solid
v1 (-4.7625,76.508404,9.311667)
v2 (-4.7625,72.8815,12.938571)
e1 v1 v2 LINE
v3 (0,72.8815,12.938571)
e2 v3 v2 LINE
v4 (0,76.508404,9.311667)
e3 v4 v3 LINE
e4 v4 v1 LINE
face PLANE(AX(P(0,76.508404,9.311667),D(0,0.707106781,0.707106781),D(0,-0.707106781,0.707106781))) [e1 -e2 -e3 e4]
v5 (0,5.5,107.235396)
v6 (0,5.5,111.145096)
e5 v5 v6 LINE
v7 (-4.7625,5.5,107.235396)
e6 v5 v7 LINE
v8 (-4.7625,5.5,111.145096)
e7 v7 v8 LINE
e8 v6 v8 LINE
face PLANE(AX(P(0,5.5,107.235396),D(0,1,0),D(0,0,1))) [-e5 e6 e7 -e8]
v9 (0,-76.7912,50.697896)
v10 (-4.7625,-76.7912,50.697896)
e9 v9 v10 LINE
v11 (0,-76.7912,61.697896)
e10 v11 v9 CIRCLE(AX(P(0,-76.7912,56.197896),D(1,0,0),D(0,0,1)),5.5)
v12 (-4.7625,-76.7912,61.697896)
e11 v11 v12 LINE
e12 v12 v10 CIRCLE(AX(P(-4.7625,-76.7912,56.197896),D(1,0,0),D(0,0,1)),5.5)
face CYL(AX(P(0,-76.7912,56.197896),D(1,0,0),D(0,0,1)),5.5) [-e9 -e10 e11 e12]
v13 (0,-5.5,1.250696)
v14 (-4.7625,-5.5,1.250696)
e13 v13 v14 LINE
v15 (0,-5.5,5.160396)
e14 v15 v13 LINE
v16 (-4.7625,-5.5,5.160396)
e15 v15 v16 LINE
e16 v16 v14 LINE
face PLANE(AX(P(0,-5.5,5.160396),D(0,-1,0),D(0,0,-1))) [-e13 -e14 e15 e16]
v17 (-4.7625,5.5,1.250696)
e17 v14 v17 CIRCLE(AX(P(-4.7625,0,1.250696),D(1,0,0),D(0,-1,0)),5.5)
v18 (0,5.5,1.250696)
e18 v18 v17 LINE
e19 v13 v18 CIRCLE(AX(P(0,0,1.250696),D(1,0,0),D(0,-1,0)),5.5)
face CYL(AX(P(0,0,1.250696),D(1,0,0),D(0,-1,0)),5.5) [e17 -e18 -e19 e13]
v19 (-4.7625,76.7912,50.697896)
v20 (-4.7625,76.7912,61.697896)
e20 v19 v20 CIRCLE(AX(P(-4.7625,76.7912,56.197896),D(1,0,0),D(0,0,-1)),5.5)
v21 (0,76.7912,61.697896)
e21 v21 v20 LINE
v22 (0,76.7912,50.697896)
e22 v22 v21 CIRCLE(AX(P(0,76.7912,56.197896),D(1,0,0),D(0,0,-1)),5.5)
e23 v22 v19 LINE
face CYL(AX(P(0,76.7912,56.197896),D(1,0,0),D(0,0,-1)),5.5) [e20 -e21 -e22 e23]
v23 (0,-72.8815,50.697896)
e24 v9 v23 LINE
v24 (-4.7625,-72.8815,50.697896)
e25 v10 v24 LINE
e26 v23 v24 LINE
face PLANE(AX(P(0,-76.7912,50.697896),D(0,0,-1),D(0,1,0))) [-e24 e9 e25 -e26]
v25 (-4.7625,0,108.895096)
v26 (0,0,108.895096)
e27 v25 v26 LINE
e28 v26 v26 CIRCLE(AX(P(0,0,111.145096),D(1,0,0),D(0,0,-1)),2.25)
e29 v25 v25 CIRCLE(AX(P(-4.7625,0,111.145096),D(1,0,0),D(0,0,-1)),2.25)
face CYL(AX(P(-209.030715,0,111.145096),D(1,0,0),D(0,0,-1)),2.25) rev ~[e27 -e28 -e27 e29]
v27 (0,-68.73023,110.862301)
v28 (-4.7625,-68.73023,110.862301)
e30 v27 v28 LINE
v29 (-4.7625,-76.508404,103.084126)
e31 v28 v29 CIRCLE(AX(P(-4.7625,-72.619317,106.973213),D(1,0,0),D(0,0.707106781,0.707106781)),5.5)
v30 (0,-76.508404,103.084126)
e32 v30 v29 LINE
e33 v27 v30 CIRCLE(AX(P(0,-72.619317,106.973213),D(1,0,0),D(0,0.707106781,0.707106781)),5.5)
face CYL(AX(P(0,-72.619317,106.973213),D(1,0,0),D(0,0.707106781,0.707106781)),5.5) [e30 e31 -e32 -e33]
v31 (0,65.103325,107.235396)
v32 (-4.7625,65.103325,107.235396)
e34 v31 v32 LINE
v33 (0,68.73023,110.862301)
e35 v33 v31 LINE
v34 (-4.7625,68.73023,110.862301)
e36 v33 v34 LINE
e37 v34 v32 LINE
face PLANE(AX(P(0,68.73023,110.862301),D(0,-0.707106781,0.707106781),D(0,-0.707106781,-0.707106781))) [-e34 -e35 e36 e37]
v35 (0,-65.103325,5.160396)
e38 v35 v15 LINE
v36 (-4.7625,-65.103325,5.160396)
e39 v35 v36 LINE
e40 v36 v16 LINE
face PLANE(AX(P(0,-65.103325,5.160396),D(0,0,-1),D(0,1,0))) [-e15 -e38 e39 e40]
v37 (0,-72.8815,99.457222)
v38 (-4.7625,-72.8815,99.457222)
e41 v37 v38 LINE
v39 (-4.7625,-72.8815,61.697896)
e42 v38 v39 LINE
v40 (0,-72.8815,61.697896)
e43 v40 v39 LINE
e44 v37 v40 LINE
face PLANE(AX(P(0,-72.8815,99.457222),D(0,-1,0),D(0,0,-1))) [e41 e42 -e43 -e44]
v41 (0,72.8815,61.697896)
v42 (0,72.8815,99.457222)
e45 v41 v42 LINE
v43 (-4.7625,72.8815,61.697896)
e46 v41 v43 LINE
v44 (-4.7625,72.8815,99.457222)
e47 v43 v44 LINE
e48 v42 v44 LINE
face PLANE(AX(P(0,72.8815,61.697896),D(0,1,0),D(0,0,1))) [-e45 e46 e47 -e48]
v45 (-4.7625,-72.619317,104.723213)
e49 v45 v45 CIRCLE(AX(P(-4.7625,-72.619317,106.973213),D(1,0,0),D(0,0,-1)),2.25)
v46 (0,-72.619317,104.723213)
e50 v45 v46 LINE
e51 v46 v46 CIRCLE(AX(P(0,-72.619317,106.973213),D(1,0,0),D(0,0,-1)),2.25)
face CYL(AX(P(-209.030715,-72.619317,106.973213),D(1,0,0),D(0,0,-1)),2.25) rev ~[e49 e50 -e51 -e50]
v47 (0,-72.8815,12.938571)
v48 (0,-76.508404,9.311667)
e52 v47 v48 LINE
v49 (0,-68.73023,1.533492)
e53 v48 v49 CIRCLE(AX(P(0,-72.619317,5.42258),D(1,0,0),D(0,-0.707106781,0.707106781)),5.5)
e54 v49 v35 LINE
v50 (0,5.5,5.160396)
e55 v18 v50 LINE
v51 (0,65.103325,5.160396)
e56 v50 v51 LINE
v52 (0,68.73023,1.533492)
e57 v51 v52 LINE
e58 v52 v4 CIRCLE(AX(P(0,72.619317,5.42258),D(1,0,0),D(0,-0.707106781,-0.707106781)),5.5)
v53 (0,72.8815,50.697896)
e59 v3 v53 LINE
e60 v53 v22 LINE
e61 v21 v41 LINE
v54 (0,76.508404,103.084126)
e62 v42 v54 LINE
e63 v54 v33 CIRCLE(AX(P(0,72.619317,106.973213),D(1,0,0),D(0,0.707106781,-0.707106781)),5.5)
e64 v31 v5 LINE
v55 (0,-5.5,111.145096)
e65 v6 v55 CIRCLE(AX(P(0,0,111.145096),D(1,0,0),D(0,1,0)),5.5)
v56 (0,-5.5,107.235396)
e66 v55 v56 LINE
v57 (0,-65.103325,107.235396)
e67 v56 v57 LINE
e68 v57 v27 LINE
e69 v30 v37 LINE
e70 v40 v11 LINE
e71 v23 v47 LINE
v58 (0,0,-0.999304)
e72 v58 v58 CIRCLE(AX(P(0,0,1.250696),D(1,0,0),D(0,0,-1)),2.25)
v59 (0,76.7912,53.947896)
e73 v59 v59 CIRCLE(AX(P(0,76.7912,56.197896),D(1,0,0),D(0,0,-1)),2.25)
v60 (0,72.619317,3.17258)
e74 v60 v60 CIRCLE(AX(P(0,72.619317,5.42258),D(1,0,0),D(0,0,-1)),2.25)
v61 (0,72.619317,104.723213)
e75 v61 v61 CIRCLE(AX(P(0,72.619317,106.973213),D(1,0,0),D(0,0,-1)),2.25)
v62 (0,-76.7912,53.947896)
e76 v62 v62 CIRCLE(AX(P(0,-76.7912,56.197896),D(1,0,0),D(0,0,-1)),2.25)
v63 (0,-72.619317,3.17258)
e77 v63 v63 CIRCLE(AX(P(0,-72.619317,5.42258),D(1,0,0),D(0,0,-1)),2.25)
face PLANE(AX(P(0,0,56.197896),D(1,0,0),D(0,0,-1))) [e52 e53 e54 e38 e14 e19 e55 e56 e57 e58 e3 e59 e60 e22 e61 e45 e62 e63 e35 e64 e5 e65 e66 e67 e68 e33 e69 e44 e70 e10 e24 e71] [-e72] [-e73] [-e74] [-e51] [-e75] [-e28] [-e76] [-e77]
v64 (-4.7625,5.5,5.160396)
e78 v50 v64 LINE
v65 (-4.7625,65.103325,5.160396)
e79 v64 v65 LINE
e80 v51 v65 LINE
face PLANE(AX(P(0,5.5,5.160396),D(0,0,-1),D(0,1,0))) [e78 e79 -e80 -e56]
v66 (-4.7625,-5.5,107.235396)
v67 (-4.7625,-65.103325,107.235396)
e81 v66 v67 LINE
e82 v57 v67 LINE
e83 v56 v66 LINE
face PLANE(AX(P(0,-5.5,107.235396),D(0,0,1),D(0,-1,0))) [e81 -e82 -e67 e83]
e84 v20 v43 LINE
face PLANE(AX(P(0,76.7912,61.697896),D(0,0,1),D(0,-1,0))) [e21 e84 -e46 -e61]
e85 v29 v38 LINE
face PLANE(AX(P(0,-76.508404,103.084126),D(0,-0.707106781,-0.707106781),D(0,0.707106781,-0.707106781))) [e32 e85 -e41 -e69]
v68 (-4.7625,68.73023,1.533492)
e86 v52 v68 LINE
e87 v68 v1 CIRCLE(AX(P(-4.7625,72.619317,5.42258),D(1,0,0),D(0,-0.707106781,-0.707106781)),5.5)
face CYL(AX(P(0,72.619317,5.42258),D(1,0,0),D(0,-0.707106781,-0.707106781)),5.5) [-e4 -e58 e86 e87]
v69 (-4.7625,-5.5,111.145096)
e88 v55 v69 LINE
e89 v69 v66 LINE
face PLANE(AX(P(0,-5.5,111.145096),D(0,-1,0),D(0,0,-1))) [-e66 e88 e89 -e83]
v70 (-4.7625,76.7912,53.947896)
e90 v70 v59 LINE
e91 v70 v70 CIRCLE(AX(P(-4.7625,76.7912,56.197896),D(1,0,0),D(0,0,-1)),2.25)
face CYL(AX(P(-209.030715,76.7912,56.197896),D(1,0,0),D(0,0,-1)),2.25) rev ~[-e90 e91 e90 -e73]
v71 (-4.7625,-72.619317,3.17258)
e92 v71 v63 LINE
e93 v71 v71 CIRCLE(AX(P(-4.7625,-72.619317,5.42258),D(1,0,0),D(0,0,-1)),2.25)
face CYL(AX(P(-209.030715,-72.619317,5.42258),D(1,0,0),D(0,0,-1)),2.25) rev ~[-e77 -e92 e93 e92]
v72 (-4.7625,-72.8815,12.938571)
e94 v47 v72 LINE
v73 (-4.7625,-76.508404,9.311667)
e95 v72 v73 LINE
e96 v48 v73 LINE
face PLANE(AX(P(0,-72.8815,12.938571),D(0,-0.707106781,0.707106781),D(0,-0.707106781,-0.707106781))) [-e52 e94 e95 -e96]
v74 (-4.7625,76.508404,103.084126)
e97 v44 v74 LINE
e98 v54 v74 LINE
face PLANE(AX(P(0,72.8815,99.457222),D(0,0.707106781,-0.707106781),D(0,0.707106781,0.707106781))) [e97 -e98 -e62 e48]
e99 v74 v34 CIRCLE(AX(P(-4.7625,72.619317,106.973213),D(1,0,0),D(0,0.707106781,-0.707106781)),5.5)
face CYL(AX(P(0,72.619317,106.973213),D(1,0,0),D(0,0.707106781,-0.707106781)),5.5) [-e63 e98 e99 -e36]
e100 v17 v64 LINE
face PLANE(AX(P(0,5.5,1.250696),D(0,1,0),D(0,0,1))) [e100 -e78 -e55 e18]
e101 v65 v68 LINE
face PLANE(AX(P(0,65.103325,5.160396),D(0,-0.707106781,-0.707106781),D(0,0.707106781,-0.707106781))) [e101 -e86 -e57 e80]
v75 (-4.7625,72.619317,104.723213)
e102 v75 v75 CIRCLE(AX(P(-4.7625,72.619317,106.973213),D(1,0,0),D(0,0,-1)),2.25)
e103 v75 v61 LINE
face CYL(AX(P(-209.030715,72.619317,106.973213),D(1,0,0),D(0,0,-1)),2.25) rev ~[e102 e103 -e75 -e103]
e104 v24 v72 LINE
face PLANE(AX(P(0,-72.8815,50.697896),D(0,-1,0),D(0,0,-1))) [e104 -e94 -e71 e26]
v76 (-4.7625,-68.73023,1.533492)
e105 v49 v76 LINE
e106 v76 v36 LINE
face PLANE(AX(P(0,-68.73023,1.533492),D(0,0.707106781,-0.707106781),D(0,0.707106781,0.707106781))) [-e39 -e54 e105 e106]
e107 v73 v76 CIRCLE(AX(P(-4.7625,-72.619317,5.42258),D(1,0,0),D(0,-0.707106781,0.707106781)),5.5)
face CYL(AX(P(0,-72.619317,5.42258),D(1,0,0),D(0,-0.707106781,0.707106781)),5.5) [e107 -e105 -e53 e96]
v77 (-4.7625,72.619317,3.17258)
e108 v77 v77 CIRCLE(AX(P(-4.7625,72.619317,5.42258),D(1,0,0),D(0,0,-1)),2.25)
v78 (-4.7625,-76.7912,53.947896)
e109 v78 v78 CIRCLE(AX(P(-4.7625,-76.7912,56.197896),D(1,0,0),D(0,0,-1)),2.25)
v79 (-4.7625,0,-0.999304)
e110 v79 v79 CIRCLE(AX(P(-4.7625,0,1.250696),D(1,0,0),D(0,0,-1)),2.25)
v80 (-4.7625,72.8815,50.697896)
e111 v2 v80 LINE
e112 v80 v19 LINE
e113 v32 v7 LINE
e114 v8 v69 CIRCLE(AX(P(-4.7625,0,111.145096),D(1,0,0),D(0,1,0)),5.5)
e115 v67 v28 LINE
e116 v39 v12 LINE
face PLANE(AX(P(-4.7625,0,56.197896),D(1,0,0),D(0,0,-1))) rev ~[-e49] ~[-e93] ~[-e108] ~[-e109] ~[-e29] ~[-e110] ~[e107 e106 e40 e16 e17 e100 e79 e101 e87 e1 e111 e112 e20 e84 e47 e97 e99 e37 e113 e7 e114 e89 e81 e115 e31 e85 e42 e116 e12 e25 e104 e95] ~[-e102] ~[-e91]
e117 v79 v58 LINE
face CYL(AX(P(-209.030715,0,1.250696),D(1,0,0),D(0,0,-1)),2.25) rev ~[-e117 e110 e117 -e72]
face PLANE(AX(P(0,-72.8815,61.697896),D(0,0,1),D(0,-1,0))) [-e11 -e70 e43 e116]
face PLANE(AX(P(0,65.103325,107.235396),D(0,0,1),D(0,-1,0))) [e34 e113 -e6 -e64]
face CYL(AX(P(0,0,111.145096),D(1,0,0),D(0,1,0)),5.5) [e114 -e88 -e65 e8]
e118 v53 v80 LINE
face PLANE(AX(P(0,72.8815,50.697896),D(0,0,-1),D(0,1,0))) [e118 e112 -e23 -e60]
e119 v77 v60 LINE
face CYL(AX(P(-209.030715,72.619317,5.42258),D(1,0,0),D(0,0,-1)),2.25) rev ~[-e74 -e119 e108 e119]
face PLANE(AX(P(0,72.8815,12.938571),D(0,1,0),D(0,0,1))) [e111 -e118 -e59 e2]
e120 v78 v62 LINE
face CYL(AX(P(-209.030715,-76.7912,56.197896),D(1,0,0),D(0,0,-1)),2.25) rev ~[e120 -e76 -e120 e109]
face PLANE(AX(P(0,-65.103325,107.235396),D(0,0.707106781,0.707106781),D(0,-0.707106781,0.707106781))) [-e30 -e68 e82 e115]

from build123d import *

# Parameters (mm, degrees)
BOSS_EXTRUDE1_DEPTH  = 4.7625
M4_CLEARANCE_HOLE1_D = 4.5


with BuildPart() as part:
    # Sketch1 → Boss-Extrude1 (new body)
    with BuildSketch(Plane(origin=(0, 0, 0), x_dir=(0, 0, -1), z_dir=(1, 0, 0))):
        with BuildLine():
            Line((-12.938571051, 72.8815), (-50.697896458, 72.8815))
            Line((-50.697896458, 72.8815), (-50.697896458, 76.7912))
            ThreePointArc((-50.697896458, 76.7912), (-56.197896458, 82.2912), (-61.697896458, 76.7912))
            Line((-61.697896458, 76.7912), (-61.697896458, 72.8815))
            Line((-61.697896458, 72.8815), (-99.457221865, 72.8815))
            Line((-99.457221865, 72.8815), (-103.084126021, 76.508404156))
            ThreePointArc((-103.084126021, 76.508404156), (-110.862300614, 76.508404156), (-110.862300614, 68.730229563))
            Line((-110.862300614, 68.730229563), (-107.235396458, 65.103325407))
            Line((-107.235396458, 65.103325407), (-107.235396458, 5.5))
            Line((-107.235396458, 5.5), (-111.145096458, 5.5))
            ThreePointArc((-111.145096458, 5.5), (-116.645096458, 0), (-111.145096458, -5.5))
            Line((-111.145096458, -5.5), (-107.235396458, -5.5))
            Line((-107.235396458, -5.5), (-107.235396458, -65.103325407))
            Line((-107.235396458, -65.103325407), (-110.862300614, -68.730229563))
            ThreePointArc((-110.862300614, -68.730229563), (-110.862300614, -76.508404156), (-103.084126021, -76.508404156))
            Line((-103.084126021, -76.508404156), (-99.457221865, -72.8815))
            Line((-99.457221865, -72.8815), (-61.697896458, -72.8815))
            Line((-61.697896458, -72.8815), (-61.697896458, -76.7912))
            ThreePointArc((-61.697896458, -76.7912), (-56.197896458, -82.2912), (-50.697896458, -76.7912))
            Line((-50.697896458, -76.7912), (-50.697896458, -72.8815))
            Line((-50.697896458, -72.8815), (-12.938571051, -72.8815))
            Line((-12.938571051, -72.8815), (-9.311666896, -76.508404156))
            ThreePointArc((-9.311666896, -76.508404156), (-1.533492302, -76.508404156), (-1.533492302, -68.730229563))
            Line((-1.533492302, -68.730229563), (-5.160396458, -65.103325407))
            Line((-5.160396458, -65.103325407), (-5.160396458, -5.5))
            Line((-5.160396458, -5.5), (-1.250696458, -5.5))
            ThreePointArc((-1.250696458, -5.5), (4.249303542, 0), (-1.250696458, 5.5))
            Line((-1.250696458, 5.5), (-5.160396458, 5.5))
            Line((-5.160396458, 5.5), (-5.160396458, 65.103325407))
            Line((-5.160396458, 65.103325407), (-1.533492302, 68.730229563))
            ThreePointArc((-1.533492302, 68.730229563), (-1.533492302, 76.508404156), (-9.311666896, 76.508404156))
            Line((-9.311666896, 76.508404156), (-12.938571051, 72.8815))
        make_face()
    extrude(amount=-BOSS_EXTRUDE1_DEPTH)

    # M4 Clearance Hole1 (through all)
    with Locations(Plane.ZY.offset(4.7625)):
        with Locations((5.422579599, -72.619316859), (1.250696458, 0), (5.422579599, 72.619316859), (106.973213317, 72.619316859), (111.145096458, 0), (106.973213317, -72.619316859), (56.197896458, -76.7912), (56.197896458, 76.7912)):
            Hole(M4_CLEARANCE_HOLE1_D / 2)


solid = part.part
